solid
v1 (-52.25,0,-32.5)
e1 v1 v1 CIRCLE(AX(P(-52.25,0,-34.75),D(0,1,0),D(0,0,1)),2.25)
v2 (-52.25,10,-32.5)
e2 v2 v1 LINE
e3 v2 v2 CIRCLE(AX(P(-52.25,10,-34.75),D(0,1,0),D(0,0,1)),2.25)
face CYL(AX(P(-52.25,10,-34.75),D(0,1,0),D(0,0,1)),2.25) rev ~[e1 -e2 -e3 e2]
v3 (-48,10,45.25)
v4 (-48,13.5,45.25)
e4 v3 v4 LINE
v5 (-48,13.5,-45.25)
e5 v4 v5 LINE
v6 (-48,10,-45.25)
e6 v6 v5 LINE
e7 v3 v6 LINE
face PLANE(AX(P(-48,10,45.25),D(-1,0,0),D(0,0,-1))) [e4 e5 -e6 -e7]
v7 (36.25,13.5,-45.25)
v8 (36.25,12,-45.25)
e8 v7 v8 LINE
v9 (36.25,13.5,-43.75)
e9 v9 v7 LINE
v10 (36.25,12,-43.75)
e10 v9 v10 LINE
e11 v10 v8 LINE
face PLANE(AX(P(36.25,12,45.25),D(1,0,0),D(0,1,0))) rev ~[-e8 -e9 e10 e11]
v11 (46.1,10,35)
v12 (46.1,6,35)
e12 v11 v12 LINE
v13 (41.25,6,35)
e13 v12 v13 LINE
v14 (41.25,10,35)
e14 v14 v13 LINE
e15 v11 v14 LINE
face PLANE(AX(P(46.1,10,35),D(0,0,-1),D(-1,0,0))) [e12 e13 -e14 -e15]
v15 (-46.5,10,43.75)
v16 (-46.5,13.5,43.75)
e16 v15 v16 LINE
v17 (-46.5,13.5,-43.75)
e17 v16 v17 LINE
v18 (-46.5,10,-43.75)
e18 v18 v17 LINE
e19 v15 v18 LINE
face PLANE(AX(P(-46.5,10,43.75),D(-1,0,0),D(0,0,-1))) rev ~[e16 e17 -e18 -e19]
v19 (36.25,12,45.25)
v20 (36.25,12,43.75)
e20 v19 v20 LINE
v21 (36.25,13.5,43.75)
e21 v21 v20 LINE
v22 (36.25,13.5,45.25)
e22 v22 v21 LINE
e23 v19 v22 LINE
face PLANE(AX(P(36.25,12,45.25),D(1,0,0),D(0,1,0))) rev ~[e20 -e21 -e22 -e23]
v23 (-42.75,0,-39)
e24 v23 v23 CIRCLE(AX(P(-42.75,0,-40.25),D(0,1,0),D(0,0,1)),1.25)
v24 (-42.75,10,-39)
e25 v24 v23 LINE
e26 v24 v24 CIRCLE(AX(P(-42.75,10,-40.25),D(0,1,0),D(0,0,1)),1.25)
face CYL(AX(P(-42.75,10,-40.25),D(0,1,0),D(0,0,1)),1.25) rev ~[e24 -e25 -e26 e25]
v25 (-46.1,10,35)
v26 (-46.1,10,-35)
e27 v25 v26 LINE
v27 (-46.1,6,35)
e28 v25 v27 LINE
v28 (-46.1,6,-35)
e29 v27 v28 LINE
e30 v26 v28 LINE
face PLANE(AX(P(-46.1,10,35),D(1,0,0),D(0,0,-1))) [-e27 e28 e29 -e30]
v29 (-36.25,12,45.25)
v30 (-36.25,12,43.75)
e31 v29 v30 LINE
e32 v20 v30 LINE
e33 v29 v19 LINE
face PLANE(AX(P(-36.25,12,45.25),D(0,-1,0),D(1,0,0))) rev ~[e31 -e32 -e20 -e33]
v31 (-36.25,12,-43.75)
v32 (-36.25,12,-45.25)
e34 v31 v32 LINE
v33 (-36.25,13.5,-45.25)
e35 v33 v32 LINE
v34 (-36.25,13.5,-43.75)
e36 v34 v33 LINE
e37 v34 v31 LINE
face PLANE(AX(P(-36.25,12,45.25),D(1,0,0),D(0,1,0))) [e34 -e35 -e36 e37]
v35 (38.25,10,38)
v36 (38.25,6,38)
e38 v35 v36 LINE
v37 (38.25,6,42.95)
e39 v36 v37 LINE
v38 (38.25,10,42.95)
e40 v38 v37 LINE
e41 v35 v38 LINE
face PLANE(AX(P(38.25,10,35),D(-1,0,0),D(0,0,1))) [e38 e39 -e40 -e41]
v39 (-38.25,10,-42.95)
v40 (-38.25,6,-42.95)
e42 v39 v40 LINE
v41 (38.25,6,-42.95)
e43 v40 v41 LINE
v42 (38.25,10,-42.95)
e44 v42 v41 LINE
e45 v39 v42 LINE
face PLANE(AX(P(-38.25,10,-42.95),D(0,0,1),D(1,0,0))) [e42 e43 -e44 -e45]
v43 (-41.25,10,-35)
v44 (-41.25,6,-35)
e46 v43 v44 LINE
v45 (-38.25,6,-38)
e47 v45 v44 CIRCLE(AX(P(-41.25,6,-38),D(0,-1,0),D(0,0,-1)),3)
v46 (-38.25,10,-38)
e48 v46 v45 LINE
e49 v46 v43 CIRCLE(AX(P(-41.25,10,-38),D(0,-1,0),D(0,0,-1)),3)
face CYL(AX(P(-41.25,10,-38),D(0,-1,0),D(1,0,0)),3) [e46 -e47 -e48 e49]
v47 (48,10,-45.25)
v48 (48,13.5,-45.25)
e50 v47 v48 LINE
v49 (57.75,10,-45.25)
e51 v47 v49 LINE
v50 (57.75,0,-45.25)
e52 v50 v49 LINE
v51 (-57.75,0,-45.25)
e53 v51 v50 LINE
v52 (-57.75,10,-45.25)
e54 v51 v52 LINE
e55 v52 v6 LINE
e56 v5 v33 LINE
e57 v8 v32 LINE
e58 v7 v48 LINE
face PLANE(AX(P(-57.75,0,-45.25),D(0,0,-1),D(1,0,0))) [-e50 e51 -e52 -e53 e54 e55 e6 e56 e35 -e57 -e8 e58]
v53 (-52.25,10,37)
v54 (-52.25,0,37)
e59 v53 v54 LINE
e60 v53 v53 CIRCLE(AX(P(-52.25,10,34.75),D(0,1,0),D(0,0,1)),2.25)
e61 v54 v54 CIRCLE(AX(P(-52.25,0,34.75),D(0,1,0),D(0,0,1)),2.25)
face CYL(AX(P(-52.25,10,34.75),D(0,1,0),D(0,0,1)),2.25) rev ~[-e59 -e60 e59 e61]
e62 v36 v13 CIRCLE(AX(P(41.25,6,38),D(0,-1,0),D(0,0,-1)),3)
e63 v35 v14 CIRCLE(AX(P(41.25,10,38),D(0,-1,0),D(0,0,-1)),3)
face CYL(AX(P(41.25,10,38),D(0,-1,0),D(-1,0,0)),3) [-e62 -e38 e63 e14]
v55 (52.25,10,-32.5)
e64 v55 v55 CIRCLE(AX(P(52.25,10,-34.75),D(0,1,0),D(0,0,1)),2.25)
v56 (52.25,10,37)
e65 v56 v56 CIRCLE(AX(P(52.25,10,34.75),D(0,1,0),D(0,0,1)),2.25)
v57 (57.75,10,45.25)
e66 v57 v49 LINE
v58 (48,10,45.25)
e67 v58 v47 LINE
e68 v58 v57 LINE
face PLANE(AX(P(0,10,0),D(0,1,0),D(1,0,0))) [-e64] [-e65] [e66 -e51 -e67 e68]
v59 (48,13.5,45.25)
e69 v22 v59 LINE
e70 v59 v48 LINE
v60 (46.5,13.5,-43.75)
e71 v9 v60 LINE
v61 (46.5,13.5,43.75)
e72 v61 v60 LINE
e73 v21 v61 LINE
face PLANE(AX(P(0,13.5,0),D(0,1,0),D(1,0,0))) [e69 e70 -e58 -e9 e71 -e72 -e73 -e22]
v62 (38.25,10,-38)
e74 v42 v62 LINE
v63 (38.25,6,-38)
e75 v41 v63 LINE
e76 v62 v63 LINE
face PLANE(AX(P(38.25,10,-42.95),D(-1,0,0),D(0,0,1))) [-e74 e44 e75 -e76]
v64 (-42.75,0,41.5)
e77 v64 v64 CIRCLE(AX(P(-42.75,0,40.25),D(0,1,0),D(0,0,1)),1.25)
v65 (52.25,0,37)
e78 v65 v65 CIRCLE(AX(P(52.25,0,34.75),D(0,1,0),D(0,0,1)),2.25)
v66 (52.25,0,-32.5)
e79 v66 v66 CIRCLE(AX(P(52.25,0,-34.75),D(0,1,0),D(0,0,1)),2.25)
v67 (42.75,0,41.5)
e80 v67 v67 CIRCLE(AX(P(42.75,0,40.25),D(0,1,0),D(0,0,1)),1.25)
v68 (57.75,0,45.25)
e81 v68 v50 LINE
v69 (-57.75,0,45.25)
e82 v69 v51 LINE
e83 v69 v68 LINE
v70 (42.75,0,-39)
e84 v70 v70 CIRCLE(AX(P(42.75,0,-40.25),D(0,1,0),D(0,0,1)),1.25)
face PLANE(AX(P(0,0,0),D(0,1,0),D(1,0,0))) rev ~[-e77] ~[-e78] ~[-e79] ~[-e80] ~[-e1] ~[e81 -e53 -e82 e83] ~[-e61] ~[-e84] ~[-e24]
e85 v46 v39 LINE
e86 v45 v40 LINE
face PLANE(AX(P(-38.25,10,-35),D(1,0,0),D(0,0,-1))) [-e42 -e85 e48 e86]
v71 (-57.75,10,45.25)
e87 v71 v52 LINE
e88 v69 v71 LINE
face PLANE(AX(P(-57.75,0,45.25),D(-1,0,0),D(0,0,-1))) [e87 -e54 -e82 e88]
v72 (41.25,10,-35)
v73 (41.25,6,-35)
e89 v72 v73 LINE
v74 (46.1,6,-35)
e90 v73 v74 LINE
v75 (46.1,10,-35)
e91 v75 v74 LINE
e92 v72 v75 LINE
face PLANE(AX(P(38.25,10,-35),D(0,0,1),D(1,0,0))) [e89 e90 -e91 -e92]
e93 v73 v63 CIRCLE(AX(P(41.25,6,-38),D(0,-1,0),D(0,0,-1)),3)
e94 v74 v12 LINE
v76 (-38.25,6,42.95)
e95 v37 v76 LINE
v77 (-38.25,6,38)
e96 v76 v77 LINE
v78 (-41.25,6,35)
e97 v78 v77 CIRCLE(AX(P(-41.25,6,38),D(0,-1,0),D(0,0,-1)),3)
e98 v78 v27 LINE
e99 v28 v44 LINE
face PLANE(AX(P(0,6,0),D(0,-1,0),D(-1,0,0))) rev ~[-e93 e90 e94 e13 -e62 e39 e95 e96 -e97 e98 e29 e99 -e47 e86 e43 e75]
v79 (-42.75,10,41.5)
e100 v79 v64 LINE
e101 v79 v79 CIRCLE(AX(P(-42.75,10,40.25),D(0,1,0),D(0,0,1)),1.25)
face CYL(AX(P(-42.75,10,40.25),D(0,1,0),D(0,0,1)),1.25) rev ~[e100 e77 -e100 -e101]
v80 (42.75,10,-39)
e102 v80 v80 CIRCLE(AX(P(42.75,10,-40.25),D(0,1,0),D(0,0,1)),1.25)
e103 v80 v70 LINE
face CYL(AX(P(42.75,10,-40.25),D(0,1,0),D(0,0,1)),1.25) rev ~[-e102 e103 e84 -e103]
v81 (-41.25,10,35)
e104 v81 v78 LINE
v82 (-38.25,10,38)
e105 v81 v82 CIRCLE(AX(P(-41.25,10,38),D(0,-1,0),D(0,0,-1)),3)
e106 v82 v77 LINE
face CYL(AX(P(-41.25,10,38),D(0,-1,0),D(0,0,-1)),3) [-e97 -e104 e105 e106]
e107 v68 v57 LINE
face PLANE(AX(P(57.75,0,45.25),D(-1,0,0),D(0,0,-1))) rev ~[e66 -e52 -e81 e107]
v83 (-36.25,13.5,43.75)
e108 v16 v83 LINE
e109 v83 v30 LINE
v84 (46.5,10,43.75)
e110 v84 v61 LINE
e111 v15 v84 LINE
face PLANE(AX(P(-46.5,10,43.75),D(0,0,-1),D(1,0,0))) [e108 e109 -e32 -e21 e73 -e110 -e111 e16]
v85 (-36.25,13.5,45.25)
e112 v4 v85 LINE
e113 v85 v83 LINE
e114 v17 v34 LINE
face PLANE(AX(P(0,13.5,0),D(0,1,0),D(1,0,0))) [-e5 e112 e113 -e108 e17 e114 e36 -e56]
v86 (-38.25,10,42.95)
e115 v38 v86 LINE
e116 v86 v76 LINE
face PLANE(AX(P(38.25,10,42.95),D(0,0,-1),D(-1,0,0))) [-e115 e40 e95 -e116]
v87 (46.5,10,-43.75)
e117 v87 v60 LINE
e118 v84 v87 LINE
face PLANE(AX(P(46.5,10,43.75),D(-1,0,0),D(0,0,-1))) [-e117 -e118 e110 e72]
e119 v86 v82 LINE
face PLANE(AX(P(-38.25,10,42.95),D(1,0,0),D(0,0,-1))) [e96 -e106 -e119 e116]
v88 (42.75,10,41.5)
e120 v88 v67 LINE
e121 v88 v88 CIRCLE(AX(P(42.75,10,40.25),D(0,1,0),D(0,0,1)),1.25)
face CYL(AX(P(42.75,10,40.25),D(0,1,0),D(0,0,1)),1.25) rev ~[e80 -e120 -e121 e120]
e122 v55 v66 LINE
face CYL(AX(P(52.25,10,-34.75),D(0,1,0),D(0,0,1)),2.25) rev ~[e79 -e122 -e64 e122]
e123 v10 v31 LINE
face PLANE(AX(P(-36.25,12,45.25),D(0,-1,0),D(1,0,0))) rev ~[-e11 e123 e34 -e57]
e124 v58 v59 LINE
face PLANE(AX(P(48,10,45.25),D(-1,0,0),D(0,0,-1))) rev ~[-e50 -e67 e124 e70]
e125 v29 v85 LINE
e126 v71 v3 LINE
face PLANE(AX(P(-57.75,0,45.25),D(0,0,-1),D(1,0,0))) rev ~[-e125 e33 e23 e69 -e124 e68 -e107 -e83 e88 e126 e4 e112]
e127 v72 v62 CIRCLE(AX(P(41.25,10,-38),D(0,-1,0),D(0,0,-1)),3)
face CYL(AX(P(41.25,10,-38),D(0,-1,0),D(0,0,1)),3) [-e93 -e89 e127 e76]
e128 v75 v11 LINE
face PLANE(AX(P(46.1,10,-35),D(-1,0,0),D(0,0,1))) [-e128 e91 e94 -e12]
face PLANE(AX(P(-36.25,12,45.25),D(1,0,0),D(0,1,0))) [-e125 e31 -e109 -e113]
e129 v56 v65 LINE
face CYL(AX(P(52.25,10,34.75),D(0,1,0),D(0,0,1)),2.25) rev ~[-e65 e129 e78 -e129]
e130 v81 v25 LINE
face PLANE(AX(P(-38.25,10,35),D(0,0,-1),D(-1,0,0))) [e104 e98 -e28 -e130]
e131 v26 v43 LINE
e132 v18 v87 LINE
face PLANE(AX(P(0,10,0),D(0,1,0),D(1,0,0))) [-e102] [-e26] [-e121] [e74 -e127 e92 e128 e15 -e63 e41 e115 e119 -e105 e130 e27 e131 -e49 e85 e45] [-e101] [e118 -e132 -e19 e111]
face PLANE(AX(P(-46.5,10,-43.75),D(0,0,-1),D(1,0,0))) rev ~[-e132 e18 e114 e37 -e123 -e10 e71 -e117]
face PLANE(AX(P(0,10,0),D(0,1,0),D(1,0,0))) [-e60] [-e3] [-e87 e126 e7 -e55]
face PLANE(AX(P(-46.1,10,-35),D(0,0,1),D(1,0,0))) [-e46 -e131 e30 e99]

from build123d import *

# Parameters (mm, degrees)
SKETCH1_W           = 115.5
SKETCH1_H           = 90.5
BOSS_EXTRUDE1_DEPTH = 10
SKETCH2_W           = 96
SKETCH2_H           = 90.5
SKETCH2_W_2         = 93
SKETCH2_H_2         = 87.5
BOSS_EXTRUDE2_DEPTH = 3.5
SKETCH3_R           = 1.25
CUT_EXTRUDE1_DEPTH  = 20
CUT_EXTRUDE2_DEPTH  = 4
FILLET1_R           = 3
SKETCH5_R           = 2.25
CUT_EXTRUDE3_DEPTH  = 15
SKETCH6_W           = 72.5
SKETCH6_H           = 10.501850212
CUT_EXTRUDE4_DEPTH  = 98


with BuildPart() as part:
    # Sketch1 → Boss-Extrude1 (new body)
    with BuildSketch(Plane(origin=(0, 0, 0), x_dir=(1, 0, 0), z_dir=(0, 1, 0))):
        Rectangle(SKETCH1_W, SKETCH1_H)
    extrude(amount=BOSS_EXTRUDE1_DEPTH)

    # Sketch2 → Boss-Extrude2 (add)
    with BuildSketch(Plane(origin=(0, 10, 0), x_dir=(1, 0, 0), z_dir=(0, 1, 0))):
        Rectangle(SKETCH2_W, SKETCH2_H)
        Rectangle(SKETCH2_W_2, SKETCH2_H_2, mode=Mode.SUBTRACT)
    extrude(amount=BOSS_EXTRUDE2_DEPTH)

    # Sketch3 → Cut-Extrude1 (cut)
    with BuildSketch(Plane(origin=(0, 10, 0), x_dir=(1, 0, 0), z_dir=(0, 1, 0))):
        with Locations(Location((-42.75, 40.25, 0), (0, 0, 270))):
            Circle(SKETCH3_R)
        with Locations(Location((42.75, 40.25, 0), (0, 0, 270))):
            Circle(SKETCH3_R)
        with Locations(Location((42.75, -40.25, 0), (0, 0, 270))):
            Circle(SKETCH3_R)
        with Locations(Location((-42.75, -40.25, 0), (0, 0, 270))):
            Circle(SKETCH3_R)
    extrude(amount=-CUT_EXTRUDE1_DEPTH, mode=Mode.SUBTRACT)

    # Sketch4 → Cut-Extrude2 (cut)
    with BuildSketch(Plane(origin=(0, 10, 0), x_dir=(1, 0, 0), z_dir=(0, 1, 0))):
        Polygon((-38.25, 42.95), (38.25, 42.95), (38.25, 35), (46.1, 35), (46.1, -35), (38.25, -35), (38.25, -42.95), (-38.25, -42.95), (-38.25, -35), (-46.1, -35), (-46.1, 35), (-38.25, 35), align=None)
    extrude(amount=-CUT_EXTRUDE2_DEPTH, mode=Mode.SUBTRACT)

    # Fillet1
    fillet1_edges = [part.edges().sort_by_distance(p)[0] for p in [
        (-38.25, 8, -35),
        (38.25, 8, -35),
        (38.25, 8, 35),
        (-38.25, 8, 35),
    ]]
    fillet(fillet1_edges, radius=FILLET1_R)

    # Sketch5 → Cut-Extrude3 (cut)
    with BuildSketch(Plane(origin=(0, 10, 0), x_dir=(1, 0, 0), z_dir=(0, 1, 0))):
        with Locations(Location((-52.25, 34.75, 0), (0, 0, 270))):
            Circle(SKETCH5_R)
        with Locations(Location((52.25, 34.75, 0), (0, 0, 270))):
            Circle(SKETCH5_R)
        with Locations(Location((52.25, -34.75, 0), (0, 0, 270))):
            Circle(SKETCH5_R)
        with Locations(Location((-52.25, -34.75, 0), (0, 0, 270))):
            Circle(SKETCH5_R)
    extrude(amount=-CUT_EXTRUDE3_DEPTH, mode=Mode.SUBTRACT)

    # Sketch6 → Cut-Extrude4 (cut)
    with BuildSketch(Plane.XY.offset(45.25)):
        with Locations((0, 17.250925106)):
            Rectangle(SKETCH6_W, SKETCH6_H)
    extrude(amount=-CUT_EXTRUDE4_DEPTH, mode=Mode.SUBTRACT)


solid = part.part
